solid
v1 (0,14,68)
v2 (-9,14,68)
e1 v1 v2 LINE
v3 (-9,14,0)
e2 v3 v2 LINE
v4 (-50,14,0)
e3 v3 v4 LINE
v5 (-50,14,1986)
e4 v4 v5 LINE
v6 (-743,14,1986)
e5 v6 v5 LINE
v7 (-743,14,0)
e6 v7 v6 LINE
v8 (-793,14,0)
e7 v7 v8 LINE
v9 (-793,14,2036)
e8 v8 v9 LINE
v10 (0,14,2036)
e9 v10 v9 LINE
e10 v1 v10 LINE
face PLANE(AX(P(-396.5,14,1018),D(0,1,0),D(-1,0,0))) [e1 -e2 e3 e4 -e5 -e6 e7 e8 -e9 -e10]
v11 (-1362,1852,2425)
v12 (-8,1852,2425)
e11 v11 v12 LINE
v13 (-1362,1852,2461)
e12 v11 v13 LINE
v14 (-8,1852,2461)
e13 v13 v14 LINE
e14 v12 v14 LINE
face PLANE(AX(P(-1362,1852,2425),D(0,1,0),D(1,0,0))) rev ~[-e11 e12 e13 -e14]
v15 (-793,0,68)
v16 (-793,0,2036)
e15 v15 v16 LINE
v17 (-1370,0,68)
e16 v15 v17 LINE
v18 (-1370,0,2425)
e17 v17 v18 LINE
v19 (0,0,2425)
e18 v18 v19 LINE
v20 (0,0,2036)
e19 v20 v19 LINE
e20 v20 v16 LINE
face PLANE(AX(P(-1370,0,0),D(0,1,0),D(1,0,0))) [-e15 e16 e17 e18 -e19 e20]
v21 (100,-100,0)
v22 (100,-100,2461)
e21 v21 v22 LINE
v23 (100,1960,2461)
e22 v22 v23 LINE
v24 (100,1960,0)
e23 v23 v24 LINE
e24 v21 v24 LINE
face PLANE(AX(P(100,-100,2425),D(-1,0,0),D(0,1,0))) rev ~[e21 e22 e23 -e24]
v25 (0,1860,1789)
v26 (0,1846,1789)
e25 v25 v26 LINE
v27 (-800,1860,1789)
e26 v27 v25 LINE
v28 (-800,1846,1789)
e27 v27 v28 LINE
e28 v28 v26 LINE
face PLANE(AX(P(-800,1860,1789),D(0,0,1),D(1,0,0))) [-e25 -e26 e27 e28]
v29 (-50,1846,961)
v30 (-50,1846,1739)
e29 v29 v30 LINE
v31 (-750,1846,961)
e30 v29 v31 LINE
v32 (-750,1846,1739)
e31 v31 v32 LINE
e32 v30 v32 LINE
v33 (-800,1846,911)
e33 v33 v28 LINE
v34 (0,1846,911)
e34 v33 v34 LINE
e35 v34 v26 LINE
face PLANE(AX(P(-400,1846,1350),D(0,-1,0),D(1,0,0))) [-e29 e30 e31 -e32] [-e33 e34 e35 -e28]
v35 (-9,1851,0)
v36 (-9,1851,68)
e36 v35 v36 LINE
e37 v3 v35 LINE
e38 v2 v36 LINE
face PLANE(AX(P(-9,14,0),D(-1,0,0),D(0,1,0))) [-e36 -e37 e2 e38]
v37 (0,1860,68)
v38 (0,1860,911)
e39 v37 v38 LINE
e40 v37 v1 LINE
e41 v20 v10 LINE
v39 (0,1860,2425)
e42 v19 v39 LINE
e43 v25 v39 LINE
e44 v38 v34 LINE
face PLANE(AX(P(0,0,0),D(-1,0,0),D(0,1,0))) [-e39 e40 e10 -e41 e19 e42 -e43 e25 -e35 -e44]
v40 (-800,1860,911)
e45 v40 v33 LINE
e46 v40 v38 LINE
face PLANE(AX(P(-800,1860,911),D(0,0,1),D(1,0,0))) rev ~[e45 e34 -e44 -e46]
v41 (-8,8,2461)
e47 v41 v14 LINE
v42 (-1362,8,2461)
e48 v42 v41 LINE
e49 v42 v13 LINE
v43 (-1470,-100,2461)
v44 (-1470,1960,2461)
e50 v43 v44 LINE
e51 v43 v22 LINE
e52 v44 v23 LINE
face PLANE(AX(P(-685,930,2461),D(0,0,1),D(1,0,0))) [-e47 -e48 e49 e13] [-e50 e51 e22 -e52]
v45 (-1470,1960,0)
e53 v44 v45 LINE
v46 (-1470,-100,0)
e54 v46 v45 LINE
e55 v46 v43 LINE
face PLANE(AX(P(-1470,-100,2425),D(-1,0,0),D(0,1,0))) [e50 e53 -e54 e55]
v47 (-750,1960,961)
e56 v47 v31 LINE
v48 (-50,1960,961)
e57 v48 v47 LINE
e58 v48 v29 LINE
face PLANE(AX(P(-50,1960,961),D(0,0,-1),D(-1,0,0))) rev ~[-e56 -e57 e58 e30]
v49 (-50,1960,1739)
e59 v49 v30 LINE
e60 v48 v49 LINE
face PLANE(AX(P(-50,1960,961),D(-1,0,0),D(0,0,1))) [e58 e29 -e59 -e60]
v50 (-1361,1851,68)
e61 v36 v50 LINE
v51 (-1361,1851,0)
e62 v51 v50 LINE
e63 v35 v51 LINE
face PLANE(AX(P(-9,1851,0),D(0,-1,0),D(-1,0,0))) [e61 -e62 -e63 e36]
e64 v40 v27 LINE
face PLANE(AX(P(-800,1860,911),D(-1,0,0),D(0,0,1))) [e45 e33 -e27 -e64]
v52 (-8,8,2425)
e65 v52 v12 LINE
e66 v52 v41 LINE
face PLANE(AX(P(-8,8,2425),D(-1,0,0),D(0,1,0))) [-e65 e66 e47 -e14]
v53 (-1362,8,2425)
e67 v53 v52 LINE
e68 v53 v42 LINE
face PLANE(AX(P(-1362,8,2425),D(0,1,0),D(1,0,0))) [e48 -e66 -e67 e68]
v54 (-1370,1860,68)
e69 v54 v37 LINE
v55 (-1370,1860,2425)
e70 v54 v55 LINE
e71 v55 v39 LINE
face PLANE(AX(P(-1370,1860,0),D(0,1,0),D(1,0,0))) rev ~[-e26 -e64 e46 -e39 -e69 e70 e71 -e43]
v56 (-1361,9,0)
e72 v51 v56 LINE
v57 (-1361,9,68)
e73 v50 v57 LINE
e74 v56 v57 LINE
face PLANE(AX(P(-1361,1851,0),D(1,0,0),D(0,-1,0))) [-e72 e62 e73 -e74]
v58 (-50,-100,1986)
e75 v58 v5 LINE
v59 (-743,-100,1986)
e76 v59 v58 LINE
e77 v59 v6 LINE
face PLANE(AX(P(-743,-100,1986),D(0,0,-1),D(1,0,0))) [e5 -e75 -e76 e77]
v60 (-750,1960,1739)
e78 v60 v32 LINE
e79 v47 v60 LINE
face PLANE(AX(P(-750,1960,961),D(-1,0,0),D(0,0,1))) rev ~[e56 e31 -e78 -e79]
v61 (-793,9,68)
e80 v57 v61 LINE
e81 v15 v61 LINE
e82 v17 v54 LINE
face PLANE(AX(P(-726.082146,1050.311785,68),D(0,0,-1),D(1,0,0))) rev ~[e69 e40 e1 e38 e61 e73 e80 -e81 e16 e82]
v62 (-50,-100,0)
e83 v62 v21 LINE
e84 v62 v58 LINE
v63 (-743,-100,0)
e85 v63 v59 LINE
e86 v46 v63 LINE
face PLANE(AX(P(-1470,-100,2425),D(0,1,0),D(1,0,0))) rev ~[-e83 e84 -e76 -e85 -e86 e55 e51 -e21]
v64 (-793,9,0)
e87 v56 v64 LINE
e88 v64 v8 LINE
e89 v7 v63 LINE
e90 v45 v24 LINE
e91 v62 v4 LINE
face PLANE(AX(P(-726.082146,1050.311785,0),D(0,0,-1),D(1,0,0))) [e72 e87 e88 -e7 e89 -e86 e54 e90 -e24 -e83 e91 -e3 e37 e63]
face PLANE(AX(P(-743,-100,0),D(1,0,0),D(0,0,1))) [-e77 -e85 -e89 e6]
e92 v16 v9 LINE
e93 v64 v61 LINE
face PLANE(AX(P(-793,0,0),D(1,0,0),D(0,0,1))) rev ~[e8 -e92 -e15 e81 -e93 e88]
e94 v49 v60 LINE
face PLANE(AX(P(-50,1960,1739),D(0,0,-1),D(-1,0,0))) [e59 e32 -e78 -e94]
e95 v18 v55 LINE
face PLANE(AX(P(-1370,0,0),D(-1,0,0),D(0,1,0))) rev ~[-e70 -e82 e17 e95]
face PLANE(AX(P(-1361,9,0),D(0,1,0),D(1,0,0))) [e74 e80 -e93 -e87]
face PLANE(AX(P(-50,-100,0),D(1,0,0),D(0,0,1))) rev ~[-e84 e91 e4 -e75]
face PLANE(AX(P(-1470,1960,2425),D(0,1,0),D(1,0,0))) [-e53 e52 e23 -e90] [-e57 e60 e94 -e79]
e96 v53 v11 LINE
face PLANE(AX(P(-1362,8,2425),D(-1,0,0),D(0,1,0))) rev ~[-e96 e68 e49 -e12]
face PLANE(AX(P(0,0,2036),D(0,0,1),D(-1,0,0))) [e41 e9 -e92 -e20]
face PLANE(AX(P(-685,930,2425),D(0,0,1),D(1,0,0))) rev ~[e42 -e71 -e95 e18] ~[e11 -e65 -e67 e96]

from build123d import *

# Parameters (mm, degrees)
F0_W      = 1570
F0_H      = 2060
F0_W_2    = 1370
F0_H_2    = 1860
F1_DEPTH  = 2425
F2_W      = 793
F2_H      = 2036
F3_DEPTH  = 14
F4_W      = 693
F4_H      = 1986
F5_DEPTH  = 114
F6_W      = 800
F6_H      = 878
F7_DEPTH  = 14
F8_W      = 700
F8_H      = 778
F9_DEPTH  = 114
F11_DEPTH = 68
F12_W     = 1570
F12_H     = 2060
F12_W_2   = 1354
F12_H_2   = 1844
F13_DEPTH = 36


with BuildPart() as f1:
    # F0 (on Top) → F1 (new body)
    with BuildSketch(Plane.XY):
        with Locations((-685, 930)):
            Rectangle(F0_W, F0_H)
        with Locations((-685, 930)):
            Rectangle(F0_W_2, F0_H_2, mode=Mode.SUBTRACT)
    extrude(amount=F1_DEPTH)

    # F2 (on face) → F3 (join)
    with BuildSketch(Plane(origin=(0, 0, 0), x_dir=(-1, 0, 0), z_dir=(0, 1, 0))):
        with Locations((396.5, 1018)):
            Rectangle(F2_W, F2_H)
    extrude(amount=F3_DEPTH)

    # F4 (on face) → F5 (cut, through all)
    with BuildSketch(Plane.XZ.offset(100)):
        with Locations((-396.5, 993)):
            Rectangle(F4_W, F4_H)
    extrude(amount=-F5_DEPTH, mode=Mode.SUBTRACT)

    # F6 (on face) → F7 (join)
    with BuildSketch(Plane.XZ.offset(-1860)):
        with Locations((-400, 1350)):
            Rectangle(F6_W, F6_H)
    extrude(amount=F7_DEPTH)

    # F8 (on face) → F9 (cut, through all)
    with BuildSketch(Plane(origin=(0, 1960, 0), x_dir=(-1, 0, 0), z_dir=(0, 1, 0))):
        with Locations((400, 1350)):
            Rectangle(F8_W, F8_H)
    extrude(amount=-F9_DEPTH, mode=Mode.SUBTRACT)

    # F10 (on face) → F11 (join)
    with BuildSketch(Plane(origin=(0, 0, 0), x_dir=(1, 0, 0), z_dir=(0, 0, -1))):
        Polygon((-1361, -1851), (-1361, -9), (-743, -9), (-743, 0), (-1370, 0), (-1370, -1860), (0, -1860), (0, -14), (-9, -14), (-9, -1851), align=None)
    extrude(amount=-F11_DEPTH)

    # F12 (on face) → F13 (join)
    with BuildSketch(Plane.XY.offset(2425)):
        with Locations((-685, 930)):
            Rectangle(F12_W, F12_H)
        with Locations((-685, 930)):
            Rectangle(F12_W_2, F12_H_2, mode=Mode.SUBTRACT)
    extrude(amount=F13_DEPTH)


solid = f1.part
